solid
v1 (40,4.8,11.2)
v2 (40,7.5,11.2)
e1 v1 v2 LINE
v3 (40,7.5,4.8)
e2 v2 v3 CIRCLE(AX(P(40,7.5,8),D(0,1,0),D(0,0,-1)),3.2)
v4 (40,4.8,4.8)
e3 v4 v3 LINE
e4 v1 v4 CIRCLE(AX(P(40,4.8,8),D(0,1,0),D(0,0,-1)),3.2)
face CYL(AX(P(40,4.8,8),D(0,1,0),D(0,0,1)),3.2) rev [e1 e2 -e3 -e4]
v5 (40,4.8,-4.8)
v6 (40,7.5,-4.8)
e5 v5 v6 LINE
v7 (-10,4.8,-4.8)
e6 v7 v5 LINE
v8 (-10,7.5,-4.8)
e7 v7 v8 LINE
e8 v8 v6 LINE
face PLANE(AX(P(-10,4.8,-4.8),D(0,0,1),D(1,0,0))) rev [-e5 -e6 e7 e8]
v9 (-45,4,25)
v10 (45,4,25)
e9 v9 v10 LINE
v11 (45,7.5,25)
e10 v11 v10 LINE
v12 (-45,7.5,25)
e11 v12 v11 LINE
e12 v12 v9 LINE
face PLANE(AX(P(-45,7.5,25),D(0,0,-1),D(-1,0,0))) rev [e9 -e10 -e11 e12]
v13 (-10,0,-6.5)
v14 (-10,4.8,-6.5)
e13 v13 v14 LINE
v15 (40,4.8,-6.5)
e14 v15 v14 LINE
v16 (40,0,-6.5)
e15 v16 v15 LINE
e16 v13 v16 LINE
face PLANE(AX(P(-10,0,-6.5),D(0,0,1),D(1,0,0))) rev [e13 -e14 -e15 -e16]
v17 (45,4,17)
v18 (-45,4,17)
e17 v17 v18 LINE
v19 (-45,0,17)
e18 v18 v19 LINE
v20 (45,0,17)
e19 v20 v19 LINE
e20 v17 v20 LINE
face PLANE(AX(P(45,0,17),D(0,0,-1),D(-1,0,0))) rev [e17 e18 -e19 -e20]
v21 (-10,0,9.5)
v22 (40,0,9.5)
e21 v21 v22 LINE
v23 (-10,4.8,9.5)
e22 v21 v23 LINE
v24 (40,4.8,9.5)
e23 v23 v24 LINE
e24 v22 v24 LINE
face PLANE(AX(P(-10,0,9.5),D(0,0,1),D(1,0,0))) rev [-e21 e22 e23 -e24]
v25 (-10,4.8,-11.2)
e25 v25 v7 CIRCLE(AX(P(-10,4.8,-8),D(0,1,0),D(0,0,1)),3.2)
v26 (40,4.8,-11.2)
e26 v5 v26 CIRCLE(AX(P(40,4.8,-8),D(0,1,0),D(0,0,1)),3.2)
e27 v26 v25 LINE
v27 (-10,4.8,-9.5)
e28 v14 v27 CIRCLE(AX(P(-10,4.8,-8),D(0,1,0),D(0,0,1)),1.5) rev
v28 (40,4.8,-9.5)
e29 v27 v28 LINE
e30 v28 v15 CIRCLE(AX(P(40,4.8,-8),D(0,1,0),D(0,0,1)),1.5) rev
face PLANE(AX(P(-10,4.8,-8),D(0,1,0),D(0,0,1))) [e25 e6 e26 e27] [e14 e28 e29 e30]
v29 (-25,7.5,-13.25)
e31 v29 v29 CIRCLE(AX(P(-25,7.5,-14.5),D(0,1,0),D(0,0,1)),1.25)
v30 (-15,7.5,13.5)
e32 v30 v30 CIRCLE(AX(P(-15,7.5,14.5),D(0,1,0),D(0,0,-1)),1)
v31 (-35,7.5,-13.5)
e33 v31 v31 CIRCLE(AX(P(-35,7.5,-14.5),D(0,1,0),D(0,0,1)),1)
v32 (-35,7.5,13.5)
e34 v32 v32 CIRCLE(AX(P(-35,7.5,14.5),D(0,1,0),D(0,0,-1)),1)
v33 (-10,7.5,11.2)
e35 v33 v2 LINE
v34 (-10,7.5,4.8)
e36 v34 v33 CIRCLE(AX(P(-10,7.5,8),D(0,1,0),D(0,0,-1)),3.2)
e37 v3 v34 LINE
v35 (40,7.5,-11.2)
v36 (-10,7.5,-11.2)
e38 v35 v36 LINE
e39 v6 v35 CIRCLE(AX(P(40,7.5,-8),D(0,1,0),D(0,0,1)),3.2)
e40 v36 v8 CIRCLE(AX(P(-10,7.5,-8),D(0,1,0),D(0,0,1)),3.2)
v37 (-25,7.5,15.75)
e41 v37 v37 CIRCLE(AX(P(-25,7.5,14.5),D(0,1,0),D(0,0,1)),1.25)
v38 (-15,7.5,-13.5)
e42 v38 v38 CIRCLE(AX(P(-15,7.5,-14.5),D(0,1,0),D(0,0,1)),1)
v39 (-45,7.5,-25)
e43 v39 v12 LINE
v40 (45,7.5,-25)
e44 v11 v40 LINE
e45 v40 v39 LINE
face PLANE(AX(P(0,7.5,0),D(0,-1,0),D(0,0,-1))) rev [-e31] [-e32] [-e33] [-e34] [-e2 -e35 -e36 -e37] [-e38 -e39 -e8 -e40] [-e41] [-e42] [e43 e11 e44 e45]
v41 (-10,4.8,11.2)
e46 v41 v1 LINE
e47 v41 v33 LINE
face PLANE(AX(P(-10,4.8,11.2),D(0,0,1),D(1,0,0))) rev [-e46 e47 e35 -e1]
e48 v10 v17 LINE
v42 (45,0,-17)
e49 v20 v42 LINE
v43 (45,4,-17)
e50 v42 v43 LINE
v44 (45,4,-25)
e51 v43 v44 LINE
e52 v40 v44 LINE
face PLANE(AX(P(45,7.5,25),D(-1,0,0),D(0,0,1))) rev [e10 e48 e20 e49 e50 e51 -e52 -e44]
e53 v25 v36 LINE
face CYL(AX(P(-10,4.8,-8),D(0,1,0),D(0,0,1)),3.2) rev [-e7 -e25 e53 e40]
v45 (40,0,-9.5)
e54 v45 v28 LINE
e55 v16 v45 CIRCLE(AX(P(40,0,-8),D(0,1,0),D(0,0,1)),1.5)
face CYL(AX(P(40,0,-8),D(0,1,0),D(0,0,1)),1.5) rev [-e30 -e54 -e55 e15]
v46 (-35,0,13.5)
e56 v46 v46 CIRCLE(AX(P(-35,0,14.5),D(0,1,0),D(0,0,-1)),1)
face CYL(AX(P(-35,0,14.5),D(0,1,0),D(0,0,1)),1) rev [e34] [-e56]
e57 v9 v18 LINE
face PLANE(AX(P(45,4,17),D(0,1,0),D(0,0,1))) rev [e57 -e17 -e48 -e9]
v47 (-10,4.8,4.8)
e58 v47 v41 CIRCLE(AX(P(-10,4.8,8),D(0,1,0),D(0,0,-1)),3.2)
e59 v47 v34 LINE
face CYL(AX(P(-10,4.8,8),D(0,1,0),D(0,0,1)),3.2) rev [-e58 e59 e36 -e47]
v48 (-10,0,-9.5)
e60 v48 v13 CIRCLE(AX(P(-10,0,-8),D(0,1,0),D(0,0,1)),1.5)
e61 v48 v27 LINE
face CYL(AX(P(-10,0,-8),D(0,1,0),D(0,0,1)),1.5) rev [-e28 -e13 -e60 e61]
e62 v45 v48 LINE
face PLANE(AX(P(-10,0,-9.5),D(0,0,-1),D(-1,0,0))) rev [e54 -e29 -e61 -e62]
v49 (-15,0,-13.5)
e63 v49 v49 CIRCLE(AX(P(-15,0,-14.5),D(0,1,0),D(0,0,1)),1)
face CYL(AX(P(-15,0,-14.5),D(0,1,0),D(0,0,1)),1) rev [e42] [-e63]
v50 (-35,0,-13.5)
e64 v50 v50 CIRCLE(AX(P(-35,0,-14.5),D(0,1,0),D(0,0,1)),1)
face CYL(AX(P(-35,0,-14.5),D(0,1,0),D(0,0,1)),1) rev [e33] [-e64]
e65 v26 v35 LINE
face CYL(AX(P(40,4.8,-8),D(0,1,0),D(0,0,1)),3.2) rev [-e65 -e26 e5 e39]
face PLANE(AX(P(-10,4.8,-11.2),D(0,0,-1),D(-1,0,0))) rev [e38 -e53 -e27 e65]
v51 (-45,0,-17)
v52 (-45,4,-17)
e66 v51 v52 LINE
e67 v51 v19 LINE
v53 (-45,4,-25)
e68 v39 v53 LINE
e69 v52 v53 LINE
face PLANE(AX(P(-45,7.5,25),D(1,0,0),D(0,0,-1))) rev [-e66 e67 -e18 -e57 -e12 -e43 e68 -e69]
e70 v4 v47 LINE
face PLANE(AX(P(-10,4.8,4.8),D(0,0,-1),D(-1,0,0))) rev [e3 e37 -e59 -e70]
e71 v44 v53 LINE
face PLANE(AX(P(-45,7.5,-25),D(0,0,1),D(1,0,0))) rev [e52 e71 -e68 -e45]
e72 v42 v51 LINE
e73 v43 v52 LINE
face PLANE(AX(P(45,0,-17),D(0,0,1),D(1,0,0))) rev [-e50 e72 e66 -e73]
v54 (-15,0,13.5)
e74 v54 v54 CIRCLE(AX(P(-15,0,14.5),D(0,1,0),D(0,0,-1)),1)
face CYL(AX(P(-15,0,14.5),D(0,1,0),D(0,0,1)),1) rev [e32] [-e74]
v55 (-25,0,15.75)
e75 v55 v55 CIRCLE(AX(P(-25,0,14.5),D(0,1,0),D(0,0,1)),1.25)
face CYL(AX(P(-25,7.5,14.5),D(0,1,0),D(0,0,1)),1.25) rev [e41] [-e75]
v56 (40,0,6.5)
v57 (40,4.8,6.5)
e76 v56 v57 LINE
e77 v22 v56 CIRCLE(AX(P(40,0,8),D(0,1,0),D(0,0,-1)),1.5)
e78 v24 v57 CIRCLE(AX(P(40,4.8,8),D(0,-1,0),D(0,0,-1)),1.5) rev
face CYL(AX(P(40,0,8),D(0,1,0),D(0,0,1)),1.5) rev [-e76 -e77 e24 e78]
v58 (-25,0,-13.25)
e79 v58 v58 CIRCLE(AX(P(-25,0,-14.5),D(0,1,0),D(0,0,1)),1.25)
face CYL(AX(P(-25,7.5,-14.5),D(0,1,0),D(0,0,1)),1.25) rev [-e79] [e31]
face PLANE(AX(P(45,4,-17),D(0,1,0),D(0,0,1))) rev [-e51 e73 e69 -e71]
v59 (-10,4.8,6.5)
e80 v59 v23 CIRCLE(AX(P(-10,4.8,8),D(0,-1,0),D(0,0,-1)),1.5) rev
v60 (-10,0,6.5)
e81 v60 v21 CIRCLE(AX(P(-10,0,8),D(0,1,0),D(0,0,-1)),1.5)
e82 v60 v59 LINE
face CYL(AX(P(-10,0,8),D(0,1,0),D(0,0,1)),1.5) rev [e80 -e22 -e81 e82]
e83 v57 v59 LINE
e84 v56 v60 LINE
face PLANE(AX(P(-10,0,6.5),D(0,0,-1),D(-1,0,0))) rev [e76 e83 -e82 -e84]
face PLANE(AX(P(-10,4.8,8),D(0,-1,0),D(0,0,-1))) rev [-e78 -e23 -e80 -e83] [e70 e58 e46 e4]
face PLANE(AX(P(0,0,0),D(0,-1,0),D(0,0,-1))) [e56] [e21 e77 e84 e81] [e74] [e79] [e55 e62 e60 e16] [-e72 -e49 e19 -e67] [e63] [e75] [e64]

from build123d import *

# Parameters (mm, degrees)
SKIZZE1_W                       = 90
SKIZZE1_H                       = 50
AUFSATZ_LINEAR_AUSTRAGEN1_DEPTH = 7.5
SKIZZE2_R                       = 1
SCHNITT_LINEAR_AUSTRAGEN1_DEPTH = 53.021630117
SCHNITT_LINEAR_AUSTRAGEN2_DEPTH = 2.7
SKIZZE6_W                       = 13
SKIZZE6_H                       = 4
SCHNITT_LINEAR_AUSTRAGEN5_DEPTH = 94.70832407
M3_GEWINDEBOHRUNG1_D            = 2.5


with BuildPart() as part:
    # Skizze1 → Aufsatz-Linear austragen1 (new body)
    with BuildSketch(Plane(origin=(0, 0, 0), x_dir=(1, 0, 0), z_dir=(0, 1, 0))):
        Rectangle(SKIZZE1_W, SKIZZE1_H)
    extrude(amount=AUFSATZ_LINEAR_AUSTRAGEN1_DEPTH)

    # Skizze2 → Schnitt-Linear austragen1 (cut, through all)
    with BuildSketch(Plane(origin=(0, 7.5, 0), x_dir=(1, 0, 0), z_dir=(0, 1, 0))):
        with Locations(Location((-35, 14.5, 0), (0, 0, 270))):
            Circle(SKIZZE2_R)
        with Locations(Location((-15, 14.5, 0), (0, 0, 270))):
            Circle(SKIZZE2_R)
        with Locations(Location((-35, -14.5, 0), (0, 0, 90))):
            Circle(SKIZZE2_R)
        with Locations(Location((-15, -14.5, 0), (0, 0, 90))):
            Circle(SKIZZE2_R)
        with BuildLine():
            Line((-10, 9.5), (40, 9.5))
            ThreePointArc((40, 9.5), (41.5, 8), (40, 6.5))
            Line((40, 6.5), (-10, 6.5))
            ThreePointArc((-10, 6.5), (-11.5, 8), (-10, 9.5))
        make_face()
        with BuildLine():
            Line((-10, -9.5), (40, -9.5))
            ThreePointArc((40, -9.5), (41.5, -8), (40, -6.5))
            Line((40, -6.5), (-10, -6.5))
            ThreePointArc((-10, -6.5), (-11.5, -8), (-10, -9.5))
        make_face()
    extrude(amount=-SCHNITT_LINEAR_AUSTRAGEN1_DEPTH, mode=Mode.SUBTRACT)

    # Skizze3 → Schnitt-Linear austragen2 (cut)
    with BuildSketch(Plane(origin=(0, 7.5, 0), x_dir=(1, 0, 0), z_dir=(0, 1, 0))):
        with BuildLine():
            Line((-10, 11.2), (40, 11.2))
            ThreePointArc((40, 11.2), (43.2, 8), (40, 4.8))
            Line((40, 4.8), (-10, 4.8))
            ThreePointArc((-10, 4.8), (-13.2, 8), (-10, 11.2))
        make_face()
        with BuildLine():
            Line((-10, -11.2), (40, -11.2))
            ThreePointArc((40, -11.2), (43.2, -8), (40, -4.8))
            Line((40, -4.8), (-10, -4.8))
            ThreePointArc((-10, -4.8), (-13.2, -8), (-10, -11.2))
        make_face()
    extrude(amount=-SCHNITT_LINEAR_AUSTRAGEN2_DEPTH, mode=Mode.SUBTRACT)

    # Skizze6 → Schnitt-Linear austragen5 (cut, through all)
    with BuildSketch(Plane.ZY.offset(45)):
        with Locations((-23.5, 2)):
            Rectangle(SKIZZE6_W, SKIZZE6_H)
        with Locations((23.5, 2)):
            Rectangle(SKIZZE6_W, SKIZZE6_H)
    extrude(amount=-SCHNITT_LINEAR_AUSTRAGEN5_DEPTH, mode=Mode.SUBTRACT)

    # M3 Gewindebohrung1 (through all)
    with Locations(Plane(origin=(0, 7.5, 0), x_dir=(1, 0, 0), z_dir=(0, 1, 0))):
        with Locations((-25, 14.5), (-25, -14.5)):
            Hole(M3_GEWINDEBOHRUNG1_D / 2)


solid = part.part
